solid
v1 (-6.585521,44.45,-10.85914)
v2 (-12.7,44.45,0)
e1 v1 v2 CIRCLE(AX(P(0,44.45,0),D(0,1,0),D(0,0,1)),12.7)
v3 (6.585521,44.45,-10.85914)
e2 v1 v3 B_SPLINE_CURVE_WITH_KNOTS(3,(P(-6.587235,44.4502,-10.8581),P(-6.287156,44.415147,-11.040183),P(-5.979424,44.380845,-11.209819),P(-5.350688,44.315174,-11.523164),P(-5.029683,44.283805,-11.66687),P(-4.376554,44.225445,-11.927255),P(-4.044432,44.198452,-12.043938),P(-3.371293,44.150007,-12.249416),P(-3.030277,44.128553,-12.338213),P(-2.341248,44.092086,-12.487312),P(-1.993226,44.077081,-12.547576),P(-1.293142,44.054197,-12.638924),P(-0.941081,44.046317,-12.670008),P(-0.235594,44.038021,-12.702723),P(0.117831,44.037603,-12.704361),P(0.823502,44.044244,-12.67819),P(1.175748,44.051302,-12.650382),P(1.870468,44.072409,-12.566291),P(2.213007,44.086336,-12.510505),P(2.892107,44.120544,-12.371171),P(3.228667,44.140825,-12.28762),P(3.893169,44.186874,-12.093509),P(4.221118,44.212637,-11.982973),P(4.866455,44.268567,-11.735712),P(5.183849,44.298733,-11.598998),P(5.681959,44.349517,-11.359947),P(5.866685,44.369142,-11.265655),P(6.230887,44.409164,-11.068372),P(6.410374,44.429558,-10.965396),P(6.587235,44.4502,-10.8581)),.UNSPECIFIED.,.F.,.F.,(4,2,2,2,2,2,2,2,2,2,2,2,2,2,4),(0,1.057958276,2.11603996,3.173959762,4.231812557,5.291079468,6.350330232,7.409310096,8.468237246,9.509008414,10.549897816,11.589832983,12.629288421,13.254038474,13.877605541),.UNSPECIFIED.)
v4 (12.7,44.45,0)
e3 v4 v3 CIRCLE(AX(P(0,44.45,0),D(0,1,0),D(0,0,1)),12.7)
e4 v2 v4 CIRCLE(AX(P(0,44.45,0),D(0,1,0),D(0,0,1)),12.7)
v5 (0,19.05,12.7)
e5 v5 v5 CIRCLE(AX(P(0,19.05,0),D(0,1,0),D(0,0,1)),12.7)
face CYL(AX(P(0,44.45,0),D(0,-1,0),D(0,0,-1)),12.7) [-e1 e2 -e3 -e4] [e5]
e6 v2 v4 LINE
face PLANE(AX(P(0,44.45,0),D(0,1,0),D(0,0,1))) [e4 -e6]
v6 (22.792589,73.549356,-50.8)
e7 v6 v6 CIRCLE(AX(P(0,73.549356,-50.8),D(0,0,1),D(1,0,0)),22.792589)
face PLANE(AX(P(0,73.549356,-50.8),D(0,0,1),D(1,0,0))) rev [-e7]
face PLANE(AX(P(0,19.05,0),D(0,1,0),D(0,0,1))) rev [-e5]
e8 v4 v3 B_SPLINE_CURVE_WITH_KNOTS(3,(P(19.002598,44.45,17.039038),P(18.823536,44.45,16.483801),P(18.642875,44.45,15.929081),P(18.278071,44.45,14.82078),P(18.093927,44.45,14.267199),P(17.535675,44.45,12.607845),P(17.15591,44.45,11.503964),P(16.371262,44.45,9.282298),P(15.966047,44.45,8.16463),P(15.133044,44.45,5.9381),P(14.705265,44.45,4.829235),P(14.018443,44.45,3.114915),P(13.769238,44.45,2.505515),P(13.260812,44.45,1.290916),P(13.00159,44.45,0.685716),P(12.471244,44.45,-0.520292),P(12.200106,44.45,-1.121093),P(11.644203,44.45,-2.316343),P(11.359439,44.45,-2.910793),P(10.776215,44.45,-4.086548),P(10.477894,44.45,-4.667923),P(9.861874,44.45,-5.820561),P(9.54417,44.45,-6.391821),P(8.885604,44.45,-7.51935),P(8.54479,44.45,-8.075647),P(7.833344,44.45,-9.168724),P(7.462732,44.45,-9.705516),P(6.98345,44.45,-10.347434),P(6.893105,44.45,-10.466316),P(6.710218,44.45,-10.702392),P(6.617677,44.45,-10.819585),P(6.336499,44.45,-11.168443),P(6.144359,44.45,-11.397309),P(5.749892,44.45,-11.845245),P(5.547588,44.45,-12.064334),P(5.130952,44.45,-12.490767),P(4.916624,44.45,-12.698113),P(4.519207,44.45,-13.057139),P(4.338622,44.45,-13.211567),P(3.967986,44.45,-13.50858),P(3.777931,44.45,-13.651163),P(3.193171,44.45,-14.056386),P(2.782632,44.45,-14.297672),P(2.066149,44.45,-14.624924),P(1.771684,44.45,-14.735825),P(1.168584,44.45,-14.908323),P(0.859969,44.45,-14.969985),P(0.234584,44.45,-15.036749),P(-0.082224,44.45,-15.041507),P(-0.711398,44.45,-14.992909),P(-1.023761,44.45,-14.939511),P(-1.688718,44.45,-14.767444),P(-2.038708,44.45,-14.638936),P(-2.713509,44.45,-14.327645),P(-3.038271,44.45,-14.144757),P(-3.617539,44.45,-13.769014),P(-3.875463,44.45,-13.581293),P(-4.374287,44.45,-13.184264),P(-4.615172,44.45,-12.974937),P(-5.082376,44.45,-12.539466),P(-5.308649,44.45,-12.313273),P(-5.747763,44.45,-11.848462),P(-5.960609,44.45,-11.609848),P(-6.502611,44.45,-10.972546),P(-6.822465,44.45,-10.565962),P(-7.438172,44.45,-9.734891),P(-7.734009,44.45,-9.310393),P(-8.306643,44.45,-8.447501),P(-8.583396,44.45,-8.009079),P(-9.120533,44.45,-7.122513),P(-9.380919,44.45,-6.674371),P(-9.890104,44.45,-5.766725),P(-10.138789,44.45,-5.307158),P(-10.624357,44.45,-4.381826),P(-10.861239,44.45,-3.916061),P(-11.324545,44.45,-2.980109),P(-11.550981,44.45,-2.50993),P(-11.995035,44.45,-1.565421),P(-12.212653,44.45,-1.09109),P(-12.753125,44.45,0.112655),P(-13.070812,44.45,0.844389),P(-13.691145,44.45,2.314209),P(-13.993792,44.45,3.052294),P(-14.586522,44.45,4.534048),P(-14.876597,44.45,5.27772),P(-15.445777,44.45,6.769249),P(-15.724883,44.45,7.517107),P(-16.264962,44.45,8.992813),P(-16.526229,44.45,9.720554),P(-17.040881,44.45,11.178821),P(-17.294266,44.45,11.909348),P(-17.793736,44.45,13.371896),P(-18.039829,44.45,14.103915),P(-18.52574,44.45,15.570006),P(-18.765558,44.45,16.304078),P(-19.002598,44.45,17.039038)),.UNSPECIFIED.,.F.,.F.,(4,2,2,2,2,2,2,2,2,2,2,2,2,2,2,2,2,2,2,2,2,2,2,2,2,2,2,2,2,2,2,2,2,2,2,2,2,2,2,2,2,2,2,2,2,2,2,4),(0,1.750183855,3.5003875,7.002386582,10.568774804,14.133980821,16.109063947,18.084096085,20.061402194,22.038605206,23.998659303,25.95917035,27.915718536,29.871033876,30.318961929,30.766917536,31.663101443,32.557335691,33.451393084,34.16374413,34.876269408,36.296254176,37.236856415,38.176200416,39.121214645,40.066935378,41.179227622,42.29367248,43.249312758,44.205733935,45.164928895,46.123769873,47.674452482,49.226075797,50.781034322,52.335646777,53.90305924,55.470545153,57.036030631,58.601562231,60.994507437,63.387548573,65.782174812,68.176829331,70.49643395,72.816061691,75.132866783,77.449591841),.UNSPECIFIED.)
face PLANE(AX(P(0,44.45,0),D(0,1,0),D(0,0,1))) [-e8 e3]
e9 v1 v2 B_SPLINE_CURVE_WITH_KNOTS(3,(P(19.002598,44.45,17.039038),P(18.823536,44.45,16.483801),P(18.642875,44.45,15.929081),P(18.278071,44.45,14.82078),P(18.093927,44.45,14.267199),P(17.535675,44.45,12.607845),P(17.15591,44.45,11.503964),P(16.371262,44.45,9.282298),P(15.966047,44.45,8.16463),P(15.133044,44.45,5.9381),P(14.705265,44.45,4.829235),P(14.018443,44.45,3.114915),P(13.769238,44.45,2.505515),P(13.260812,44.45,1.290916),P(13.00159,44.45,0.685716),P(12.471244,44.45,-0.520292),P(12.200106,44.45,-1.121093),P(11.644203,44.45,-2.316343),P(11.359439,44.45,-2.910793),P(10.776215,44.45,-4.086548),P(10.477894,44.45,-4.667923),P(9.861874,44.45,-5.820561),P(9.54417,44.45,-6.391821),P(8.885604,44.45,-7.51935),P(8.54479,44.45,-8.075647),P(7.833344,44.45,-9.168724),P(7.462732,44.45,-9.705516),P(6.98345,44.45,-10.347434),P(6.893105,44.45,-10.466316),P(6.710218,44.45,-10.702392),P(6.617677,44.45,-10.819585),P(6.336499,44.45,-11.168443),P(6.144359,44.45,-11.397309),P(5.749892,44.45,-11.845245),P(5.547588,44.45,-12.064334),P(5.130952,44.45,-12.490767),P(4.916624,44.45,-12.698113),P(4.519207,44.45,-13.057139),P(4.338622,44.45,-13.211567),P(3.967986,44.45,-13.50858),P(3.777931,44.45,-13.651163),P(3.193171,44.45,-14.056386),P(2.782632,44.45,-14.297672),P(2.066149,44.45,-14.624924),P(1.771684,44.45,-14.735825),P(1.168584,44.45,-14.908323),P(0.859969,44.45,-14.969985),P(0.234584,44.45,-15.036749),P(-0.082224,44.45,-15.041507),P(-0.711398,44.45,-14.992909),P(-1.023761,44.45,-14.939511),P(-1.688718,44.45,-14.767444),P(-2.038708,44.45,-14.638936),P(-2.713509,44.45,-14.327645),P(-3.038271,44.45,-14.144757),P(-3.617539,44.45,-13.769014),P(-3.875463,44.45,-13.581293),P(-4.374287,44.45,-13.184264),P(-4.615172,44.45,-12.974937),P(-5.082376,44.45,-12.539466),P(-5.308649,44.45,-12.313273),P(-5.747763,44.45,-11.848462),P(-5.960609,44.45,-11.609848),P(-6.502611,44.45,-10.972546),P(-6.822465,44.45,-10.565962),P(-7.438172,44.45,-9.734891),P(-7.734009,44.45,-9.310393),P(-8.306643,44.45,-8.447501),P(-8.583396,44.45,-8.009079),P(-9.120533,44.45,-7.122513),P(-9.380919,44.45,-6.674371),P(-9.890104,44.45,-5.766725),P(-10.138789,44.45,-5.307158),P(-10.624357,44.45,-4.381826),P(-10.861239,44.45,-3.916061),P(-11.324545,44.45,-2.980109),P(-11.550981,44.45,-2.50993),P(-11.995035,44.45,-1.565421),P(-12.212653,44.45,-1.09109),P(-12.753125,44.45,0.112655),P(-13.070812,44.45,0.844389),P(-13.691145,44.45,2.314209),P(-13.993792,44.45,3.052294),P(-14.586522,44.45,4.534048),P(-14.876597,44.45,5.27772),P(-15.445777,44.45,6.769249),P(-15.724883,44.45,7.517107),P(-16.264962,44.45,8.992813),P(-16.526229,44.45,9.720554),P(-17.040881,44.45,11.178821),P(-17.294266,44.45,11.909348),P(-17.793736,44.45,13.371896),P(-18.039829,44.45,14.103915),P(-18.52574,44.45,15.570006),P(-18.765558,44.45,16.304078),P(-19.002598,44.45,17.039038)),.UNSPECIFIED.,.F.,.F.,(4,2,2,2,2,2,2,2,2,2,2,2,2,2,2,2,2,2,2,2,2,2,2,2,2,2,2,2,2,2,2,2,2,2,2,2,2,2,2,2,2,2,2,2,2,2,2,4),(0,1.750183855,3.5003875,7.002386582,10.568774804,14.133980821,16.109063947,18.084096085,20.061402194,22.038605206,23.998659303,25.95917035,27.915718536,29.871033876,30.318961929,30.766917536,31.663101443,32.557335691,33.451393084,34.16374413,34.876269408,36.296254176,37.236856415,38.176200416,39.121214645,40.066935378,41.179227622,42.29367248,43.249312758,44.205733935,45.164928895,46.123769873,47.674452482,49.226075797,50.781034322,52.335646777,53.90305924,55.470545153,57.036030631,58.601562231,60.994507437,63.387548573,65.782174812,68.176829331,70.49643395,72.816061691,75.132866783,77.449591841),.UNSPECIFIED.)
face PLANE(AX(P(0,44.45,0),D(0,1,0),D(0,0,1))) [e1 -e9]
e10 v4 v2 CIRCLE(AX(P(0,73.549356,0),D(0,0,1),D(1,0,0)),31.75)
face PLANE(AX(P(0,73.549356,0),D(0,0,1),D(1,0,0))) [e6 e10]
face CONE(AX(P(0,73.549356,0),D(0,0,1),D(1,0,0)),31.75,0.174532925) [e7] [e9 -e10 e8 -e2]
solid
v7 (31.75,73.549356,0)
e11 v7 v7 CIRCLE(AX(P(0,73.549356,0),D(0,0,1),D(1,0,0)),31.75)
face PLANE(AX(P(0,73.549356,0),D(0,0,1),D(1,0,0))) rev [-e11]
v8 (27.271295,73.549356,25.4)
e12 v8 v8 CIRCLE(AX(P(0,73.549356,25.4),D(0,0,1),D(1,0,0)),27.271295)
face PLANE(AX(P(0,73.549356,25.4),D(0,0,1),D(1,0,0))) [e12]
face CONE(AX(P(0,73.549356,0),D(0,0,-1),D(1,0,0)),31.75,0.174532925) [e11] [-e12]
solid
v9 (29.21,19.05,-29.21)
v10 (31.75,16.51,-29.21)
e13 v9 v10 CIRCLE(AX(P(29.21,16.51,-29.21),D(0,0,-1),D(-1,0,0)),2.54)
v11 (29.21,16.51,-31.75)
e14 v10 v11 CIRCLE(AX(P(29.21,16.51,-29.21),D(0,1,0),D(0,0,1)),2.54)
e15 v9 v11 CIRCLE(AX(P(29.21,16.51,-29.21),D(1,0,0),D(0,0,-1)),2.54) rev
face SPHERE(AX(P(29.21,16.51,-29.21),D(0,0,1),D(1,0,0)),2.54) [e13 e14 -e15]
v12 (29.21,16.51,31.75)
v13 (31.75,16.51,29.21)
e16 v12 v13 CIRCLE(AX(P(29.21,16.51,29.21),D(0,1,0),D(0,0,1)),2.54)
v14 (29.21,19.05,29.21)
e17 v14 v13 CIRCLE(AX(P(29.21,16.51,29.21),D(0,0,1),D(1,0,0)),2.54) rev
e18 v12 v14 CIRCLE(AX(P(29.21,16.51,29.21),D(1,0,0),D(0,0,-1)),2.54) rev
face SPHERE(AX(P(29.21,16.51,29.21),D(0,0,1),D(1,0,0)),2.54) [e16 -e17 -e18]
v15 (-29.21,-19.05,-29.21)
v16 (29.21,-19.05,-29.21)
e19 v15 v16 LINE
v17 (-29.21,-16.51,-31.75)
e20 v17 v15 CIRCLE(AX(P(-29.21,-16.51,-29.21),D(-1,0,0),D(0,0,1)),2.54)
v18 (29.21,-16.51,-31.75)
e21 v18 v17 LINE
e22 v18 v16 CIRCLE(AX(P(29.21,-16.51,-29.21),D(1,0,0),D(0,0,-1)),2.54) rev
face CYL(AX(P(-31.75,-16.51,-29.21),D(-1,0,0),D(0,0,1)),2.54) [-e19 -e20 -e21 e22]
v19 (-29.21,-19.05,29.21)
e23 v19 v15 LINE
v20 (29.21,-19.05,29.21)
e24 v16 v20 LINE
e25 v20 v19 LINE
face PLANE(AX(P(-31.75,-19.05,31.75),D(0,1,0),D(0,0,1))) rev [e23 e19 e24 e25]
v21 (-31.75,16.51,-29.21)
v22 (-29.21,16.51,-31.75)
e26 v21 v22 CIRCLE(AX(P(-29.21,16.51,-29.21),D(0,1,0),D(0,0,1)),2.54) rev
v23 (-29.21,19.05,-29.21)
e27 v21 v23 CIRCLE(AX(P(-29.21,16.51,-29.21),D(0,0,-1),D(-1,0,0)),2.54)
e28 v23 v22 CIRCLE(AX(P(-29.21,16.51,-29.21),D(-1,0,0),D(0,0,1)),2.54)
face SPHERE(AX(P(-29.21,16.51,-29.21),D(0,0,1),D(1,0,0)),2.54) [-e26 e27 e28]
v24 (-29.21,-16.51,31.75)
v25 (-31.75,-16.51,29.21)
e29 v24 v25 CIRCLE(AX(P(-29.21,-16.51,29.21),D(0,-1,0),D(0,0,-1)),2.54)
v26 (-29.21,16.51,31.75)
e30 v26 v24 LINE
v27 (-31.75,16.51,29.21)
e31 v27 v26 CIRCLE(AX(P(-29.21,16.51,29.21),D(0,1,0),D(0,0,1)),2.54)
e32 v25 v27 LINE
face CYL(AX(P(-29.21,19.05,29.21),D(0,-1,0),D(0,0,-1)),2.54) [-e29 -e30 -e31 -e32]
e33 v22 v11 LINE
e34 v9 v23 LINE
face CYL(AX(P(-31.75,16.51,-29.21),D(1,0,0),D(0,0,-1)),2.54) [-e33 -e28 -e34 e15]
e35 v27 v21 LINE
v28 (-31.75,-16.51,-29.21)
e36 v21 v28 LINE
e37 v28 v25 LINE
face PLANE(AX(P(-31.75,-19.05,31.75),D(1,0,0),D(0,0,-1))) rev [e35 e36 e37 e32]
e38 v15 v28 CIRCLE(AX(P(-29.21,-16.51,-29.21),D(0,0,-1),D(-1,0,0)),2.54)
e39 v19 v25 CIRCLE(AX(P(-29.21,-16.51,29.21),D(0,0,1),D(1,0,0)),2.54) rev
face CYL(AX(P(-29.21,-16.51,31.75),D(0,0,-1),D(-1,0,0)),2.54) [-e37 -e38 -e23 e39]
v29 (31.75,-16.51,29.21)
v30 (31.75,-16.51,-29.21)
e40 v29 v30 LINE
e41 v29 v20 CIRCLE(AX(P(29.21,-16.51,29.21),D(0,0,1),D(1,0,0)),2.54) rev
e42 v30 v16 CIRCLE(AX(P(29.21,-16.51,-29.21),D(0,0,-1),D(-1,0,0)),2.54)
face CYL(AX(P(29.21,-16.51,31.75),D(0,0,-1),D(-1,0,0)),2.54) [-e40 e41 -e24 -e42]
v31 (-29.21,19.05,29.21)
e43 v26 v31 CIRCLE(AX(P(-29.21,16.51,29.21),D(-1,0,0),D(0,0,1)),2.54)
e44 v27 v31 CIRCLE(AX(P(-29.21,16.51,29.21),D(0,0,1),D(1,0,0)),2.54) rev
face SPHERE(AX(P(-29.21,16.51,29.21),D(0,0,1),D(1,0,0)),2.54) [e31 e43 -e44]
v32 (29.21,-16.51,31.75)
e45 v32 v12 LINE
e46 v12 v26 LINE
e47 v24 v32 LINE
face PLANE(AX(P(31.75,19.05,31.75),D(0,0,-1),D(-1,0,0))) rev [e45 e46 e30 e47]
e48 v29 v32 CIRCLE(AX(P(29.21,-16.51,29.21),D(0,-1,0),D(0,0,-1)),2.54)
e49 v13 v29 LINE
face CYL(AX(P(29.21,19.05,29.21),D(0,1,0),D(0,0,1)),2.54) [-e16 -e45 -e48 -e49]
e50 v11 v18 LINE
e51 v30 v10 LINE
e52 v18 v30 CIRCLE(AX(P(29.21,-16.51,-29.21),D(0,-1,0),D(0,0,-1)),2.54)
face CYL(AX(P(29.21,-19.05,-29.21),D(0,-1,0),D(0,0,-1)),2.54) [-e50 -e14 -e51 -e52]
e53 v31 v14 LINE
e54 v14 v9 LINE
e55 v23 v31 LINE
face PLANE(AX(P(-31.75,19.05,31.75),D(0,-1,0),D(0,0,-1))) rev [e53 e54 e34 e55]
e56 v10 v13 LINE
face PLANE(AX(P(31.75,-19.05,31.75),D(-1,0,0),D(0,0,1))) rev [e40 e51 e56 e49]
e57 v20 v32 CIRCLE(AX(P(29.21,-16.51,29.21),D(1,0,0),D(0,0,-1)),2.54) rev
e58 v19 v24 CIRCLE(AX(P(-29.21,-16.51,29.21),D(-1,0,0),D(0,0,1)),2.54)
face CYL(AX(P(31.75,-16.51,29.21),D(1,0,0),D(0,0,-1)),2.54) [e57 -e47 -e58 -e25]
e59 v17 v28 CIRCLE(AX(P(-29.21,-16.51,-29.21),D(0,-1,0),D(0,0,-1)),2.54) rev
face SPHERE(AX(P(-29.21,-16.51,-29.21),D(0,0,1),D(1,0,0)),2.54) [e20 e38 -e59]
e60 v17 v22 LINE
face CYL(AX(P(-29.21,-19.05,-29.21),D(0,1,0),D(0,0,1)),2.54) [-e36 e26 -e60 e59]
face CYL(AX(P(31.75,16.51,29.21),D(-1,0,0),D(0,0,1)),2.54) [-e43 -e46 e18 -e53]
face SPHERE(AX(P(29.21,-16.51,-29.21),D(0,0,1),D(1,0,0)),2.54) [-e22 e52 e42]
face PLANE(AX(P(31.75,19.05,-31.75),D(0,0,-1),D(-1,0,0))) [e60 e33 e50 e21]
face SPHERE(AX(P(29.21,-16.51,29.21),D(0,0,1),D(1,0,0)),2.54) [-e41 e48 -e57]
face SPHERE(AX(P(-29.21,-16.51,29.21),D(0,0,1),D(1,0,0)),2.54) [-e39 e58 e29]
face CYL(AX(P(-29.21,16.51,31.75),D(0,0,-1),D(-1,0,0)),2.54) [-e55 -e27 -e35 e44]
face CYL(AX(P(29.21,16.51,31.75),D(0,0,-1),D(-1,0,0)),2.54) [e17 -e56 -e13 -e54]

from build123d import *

# Parameters (mm, degrees)
SKETCH1_W           = 63.5
SKETCH1_H           = 38.1
BOSS_EXTRUDE1_DEPTH = 31.75
FILLET1_R           = 2.54
SKETCH2_R           = 12.7
BOSS_EXTRUDE2_DEPTH = 25.4
SKETCH3_R           = 31.75
BOSS_EXTRUDE3_DEPTH = 50.8
BOSS_EXTRUDE3_DRAFT = -10
SKETCH4_R           = 31.75
BOSS_EXTRUDE4_DEPTH = 25.4
BOSS_EXTRUDE4_TAPER = 10


with BuildPart() as part:
    # Sketch1 → Boss-Extrude1 (new, symmetric)
    with BuildSketch(Plane.XY):
        Rectangle(SKETCH1_W, SKETCH1_H)
    extrude(amount=BOSS_EXTRUDE1_DEPTH, both=True)

    # Fillet1
    fillet1_edges = [part.edges().sort_by_distance(p)[0] for p in [
        (-31.75, 0, 31.75),
        (0, -19.05, 31.75),
        (31.75, 0, 31.75),
        (0, -19.05, -31.75),
        (-31.75, 0, -31.75),
        (0, 19.05, -31.75),
        (31.75, 0, -31.75),
        (0, 19.05, 31.75),
        (31.75, -19.05, 0),
        (-31.75, -19.05, 0),
        (-31.75, 19.05, 0),
        (31.75, 19.05, 0),
    ]]
    fillet(fillet1_edges, radius=FILLET1_R)


with BuildPart() as body_2:
    # Sketch2 → Boss-Extrude2 (new body)
    with BuildSketch(Plane(origin=(0, 19.05, 0), x_dir=(-1, 0, 0), z_dir=(0, 1, 0))):
        with Locations(Location((0, 0, 0), (0, 0, 90))):
            Circle(SKETCH2_R)
    extrude(amount=BOSS_EXTRUDE2_DEPTH)


with BuildPart() as boss_extrude3_tool:
    # Sketch3 → Boss-Extrude3 (with draft: the straight prism first)
    with BuildSketch(Plane.XY):
        with Locations((0, 73.549355663)):
            Circle(SKETCH3_R)
    extrude(amount=-BOSS_EXTRUDE3_DEPTH)
    # Boss-Extrude3: the draft: its side faces are tilted about the plane it starts from
    boss_extrude3_sides = [boss_extrude3_tool.faces().sort_by_distance(p)[0] for p in [
        (-31.75, 73.549355663, -25.4),
    ]]
    draft(boss_extrude3_sides, Plane.XY, BOSS_EXTRUDE3_DRAFT)


with BuildPart() as body_2_1:
    add(body_2.part)

    # Boss-Extrude3: add boss_extrude3_tool
    add(boss_extrude3_tool.part)


with BuildPart() as body_3:
    # Sketch4 → Boss-Extrude4 (new body)
    with BuildSketch(Plane.XY):
        with Locations((0, 73.549355663)):
            Circle(SKETCH4_R)
    extrude(amount=BOSS_EXTRUDE4_DEPTH, taper=BOSS_EXTRUDE4_TAPER)


solid = Compound([part.part, body_2_1.part, body_3.part])
